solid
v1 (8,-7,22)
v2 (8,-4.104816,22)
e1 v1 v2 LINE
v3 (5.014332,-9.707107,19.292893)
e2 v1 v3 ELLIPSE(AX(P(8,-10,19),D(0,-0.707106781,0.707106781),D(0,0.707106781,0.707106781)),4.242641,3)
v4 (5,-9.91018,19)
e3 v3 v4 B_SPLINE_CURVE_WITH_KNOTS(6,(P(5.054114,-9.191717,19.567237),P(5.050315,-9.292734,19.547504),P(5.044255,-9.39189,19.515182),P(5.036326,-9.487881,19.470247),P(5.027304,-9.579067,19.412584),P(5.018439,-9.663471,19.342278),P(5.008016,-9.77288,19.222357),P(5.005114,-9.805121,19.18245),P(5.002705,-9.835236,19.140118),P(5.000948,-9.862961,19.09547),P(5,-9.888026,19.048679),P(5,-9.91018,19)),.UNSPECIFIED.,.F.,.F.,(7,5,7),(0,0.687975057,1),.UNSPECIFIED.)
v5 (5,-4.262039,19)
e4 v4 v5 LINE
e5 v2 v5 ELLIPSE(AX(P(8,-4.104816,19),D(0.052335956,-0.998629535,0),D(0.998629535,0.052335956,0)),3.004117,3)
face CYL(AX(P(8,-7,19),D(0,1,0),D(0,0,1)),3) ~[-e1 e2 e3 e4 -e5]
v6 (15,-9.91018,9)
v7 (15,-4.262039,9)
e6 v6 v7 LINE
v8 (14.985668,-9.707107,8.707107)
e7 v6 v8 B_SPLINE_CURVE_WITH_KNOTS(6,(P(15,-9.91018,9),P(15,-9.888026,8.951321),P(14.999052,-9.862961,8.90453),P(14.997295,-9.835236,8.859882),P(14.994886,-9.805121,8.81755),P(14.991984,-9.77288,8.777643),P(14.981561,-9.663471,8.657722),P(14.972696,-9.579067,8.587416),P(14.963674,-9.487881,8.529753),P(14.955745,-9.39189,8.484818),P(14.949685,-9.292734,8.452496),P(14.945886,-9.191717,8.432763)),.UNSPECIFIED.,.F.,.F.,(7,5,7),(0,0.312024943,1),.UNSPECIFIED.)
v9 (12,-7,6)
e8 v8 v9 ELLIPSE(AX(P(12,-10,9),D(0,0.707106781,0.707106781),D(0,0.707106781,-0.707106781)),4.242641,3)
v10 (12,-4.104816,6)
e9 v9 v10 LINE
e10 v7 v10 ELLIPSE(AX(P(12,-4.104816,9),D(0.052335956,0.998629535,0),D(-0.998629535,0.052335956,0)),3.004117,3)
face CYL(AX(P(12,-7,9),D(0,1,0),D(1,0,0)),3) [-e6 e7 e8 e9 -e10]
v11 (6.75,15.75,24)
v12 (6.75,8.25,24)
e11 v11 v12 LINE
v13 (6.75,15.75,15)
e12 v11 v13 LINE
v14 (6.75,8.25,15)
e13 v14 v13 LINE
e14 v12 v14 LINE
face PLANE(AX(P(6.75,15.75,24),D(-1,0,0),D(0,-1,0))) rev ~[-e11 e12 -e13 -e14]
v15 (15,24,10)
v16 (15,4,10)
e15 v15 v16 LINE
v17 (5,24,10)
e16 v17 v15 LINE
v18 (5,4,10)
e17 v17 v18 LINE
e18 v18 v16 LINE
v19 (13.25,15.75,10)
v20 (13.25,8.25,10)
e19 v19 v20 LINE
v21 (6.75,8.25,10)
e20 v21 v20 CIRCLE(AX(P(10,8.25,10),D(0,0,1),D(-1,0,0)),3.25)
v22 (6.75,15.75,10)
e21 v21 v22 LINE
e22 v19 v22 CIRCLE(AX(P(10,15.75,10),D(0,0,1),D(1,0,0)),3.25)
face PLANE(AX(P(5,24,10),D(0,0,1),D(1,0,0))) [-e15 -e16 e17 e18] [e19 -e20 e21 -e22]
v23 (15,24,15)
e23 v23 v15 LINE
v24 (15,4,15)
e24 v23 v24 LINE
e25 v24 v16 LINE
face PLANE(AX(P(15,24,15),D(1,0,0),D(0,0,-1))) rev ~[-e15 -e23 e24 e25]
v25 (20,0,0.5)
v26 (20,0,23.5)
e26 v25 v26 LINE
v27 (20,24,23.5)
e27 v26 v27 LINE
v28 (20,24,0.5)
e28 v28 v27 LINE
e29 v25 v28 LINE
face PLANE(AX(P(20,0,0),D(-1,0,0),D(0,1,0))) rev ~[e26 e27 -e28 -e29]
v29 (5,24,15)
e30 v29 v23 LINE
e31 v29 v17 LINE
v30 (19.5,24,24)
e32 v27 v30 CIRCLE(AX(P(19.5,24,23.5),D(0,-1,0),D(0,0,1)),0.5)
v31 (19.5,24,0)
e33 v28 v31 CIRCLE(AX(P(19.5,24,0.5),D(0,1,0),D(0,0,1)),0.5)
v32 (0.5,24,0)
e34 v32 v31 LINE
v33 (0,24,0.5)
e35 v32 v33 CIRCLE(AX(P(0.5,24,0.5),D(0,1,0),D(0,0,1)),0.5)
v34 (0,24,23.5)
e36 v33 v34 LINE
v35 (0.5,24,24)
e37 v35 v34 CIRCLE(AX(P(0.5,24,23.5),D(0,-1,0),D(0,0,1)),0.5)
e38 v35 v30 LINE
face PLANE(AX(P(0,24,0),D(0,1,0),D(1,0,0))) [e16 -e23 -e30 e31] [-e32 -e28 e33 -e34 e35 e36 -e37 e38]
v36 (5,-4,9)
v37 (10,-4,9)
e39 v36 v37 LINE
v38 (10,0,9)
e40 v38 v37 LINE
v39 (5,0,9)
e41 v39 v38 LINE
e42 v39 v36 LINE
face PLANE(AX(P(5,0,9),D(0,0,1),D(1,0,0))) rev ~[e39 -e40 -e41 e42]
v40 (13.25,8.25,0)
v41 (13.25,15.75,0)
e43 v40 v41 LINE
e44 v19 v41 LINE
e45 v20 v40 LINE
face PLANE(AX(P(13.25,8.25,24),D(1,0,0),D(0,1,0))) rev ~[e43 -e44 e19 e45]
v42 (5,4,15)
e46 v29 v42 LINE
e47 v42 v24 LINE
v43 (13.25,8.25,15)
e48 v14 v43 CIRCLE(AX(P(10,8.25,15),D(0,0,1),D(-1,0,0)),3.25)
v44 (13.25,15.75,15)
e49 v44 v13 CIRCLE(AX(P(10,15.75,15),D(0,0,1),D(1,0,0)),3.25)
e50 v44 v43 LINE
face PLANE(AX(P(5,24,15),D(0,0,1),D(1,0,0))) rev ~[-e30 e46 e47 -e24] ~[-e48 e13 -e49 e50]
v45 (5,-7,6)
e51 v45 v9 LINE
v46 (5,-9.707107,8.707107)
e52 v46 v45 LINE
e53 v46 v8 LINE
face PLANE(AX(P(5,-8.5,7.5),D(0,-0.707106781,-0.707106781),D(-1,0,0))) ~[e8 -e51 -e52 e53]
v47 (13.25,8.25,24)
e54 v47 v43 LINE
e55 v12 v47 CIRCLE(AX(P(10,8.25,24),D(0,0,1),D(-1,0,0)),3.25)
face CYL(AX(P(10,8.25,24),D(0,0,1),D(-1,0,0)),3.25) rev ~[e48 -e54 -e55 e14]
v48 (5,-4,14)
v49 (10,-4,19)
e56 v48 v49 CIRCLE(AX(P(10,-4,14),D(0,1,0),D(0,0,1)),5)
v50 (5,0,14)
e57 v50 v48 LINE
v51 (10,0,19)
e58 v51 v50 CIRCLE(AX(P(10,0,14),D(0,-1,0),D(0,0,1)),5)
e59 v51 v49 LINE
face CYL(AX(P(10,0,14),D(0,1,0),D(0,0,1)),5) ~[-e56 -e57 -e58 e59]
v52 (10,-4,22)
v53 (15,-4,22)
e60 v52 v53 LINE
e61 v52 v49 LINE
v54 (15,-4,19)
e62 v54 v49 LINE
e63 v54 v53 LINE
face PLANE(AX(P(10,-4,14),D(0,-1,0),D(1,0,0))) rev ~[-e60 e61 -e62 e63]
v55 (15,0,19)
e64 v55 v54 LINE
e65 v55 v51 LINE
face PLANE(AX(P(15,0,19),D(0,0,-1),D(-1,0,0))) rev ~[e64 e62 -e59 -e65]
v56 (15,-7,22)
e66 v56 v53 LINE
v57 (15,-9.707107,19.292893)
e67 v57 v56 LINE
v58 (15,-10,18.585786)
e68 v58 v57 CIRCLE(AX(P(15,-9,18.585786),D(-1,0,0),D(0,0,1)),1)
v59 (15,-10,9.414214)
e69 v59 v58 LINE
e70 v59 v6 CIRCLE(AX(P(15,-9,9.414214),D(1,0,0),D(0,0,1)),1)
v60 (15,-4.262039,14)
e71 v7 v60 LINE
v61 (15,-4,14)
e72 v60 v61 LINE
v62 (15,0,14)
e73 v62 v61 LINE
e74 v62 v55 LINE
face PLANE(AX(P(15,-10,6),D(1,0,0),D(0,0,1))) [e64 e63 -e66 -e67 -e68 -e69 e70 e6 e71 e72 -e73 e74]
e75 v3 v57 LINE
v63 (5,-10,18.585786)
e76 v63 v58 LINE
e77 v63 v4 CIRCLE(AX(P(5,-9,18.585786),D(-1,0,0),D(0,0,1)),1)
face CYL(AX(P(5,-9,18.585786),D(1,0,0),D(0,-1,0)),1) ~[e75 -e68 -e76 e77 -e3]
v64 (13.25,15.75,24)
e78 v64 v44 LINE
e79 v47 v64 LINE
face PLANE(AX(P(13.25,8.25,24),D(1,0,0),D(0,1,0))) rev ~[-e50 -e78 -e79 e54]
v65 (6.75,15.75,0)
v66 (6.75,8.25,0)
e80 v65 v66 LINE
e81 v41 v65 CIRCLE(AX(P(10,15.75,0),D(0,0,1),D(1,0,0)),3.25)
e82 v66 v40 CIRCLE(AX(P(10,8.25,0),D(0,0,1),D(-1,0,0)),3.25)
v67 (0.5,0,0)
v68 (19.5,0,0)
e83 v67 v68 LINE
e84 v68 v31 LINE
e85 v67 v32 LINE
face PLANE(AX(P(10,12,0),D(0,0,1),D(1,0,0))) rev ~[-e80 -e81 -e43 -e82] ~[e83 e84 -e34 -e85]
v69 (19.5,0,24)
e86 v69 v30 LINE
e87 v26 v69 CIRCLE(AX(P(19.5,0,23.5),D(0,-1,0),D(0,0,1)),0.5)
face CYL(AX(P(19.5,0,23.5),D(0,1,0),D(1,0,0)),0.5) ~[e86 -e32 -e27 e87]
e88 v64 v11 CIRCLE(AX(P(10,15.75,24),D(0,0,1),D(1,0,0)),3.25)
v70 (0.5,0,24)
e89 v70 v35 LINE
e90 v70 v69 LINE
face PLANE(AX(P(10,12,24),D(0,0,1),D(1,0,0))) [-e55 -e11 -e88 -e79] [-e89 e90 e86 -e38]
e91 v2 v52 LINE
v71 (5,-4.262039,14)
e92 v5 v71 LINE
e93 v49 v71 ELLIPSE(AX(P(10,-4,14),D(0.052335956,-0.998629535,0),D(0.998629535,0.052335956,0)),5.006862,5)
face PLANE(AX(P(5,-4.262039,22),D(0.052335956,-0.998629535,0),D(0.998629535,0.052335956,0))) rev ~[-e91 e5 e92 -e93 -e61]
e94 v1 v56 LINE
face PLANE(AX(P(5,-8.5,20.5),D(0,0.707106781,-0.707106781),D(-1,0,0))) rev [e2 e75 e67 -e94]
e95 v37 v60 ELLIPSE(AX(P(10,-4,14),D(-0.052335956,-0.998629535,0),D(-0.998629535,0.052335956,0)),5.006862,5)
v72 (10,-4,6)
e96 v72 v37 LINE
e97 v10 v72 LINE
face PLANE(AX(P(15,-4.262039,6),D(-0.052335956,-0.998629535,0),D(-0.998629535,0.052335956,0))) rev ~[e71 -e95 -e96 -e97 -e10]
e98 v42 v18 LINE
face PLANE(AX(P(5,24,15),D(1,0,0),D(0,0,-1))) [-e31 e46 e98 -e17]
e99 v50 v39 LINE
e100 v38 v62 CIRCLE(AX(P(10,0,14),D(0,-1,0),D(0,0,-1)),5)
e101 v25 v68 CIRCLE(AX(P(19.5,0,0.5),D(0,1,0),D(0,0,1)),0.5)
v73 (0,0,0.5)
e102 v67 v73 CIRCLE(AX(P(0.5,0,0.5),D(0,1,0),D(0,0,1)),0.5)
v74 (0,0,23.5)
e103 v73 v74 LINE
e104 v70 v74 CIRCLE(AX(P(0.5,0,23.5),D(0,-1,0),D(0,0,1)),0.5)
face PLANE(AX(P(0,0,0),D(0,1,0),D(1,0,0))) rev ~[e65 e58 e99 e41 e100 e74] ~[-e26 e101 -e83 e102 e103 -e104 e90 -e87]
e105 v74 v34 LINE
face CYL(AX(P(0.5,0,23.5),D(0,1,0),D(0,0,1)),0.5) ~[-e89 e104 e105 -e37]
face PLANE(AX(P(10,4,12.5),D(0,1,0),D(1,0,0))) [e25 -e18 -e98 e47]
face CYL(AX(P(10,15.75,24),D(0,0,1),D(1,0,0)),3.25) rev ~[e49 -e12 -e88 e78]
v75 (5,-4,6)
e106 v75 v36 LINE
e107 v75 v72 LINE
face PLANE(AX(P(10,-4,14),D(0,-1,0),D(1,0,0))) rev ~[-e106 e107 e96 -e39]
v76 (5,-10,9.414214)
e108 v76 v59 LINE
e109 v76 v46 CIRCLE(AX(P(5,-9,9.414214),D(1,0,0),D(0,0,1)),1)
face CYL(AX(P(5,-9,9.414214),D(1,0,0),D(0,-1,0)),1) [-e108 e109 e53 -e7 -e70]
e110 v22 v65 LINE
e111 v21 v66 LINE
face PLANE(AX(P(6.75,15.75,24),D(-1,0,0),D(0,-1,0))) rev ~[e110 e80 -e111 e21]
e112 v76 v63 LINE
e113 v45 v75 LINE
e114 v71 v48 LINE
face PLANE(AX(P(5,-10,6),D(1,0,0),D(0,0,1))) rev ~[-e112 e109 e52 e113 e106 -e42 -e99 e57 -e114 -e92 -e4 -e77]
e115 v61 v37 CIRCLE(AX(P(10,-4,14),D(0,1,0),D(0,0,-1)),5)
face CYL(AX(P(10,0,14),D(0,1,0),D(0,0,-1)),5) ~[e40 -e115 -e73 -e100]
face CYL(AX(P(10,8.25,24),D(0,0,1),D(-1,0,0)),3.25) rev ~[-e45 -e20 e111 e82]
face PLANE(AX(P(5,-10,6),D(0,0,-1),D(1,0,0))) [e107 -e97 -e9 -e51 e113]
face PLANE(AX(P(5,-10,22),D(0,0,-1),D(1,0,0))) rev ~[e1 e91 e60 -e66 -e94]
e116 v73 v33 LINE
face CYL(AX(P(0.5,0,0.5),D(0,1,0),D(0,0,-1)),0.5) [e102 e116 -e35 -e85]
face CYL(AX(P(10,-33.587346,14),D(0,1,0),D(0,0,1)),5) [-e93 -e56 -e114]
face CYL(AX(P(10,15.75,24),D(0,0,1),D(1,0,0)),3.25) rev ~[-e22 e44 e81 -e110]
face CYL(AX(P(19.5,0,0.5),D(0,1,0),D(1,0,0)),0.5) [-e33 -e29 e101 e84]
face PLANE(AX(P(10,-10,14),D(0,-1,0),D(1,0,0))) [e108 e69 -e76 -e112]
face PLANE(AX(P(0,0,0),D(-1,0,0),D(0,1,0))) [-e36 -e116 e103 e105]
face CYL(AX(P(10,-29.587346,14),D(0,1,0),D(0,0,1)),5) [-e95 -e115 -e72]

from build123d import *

# Parameters (mm, degrees)
SKETCH_1_W               = 20
SKETCH_1_H               = 24
EXTRUDE_1_DEPTH          = 24
CUT_EXTRUDE_1_DEPTH      = 24
SKETCH_3_W               = 10
SKETCH_3_H               = 5
CUT_EXTRUDE_2_DEPTH      = 20
EXTRUDE_2_DEPTH          = 10
SKETCH_5_W               = 10
SKETCH_5_H               = 16
EXTRUDE_3_DEPTH          = 6
FILLET_2_R               = 0.5
CHAMFER_3_SIZE           = 3
CHAMFER_4_SIZE           = 3
FILLET_3_R               = 1
CUT_EXTRUDE_3_REACH      = 24
CUT_EXTRUDE_3_END_RADIUS = 5
CUT_EXTRUDE_4_REACH      = 20
CUT_EXTRUDE_4_END_RADIUS = 5
FILLET_6_R               = 3
FILLET_7_R               = 3


with BuildPart() as part:
    # 草图1 → 拉伸1 (new body)
    with BuildSketch(Plane.XY):
        with Locations((10, 12)):
            Rectangle(SKETCH_1_W, SKETCH_1_H)
    extrude(amount=EXTRUDE_1_DEPTH)

    # 草图2 → 切除-拉伸1 (cut)
    with BuildSketch(Plane.XY.offset(24)):
        with BuildLine():
            Line((6.75, 15.75), (6.75, 8.25))
            ThreePointArc((6.75, 8.25), (10, 5), (13.25, 8.25))
            Line((13.25, 8.25), (13.25, 15.75))
            ThreePointArc((13.25, 15.75), (10, 19), (6.75, 15.75))
        make_face()
    extrude(amount=-CUT_EXTRUDE_1_DEPTH, mode=Mode.SUBTRACT)

    # 草图3 → 切除-拉伸2 (cut)
    with BuildSketch(Plane(origin=(0, 24, 0), x_dir=(1, 0, 0), z_dir=(0, 1, 0))):
        with Locations((10, -12.5)):
            Rectangle(SKETCH_3_W, SKETCH_3_H)
    extrude(amount=-CUT_EXTRUDE_2_DEPTH, mode=Mode.SUBTRACT)

    # 草图4 → 拉伸2 (add)
    with BuildSketch(Plane.XZ):
        with BuildLine():
            Line((15, 19), (10, 19))
            ThreePointArc((10, 19), (6.464466094, 17.535533906), (5, 14))
            Line((5, 14), (5, 9))
            Line((5, 9), (10, 9))
            ThreePointArc((10, 9), (13.535533906, 10.464466094), (15, 14))
            Line((15, 14), (15, 19))
        make_face()
    extrude(amount=EXTRUDE_2_DEPTH)

    # 草图5 → 拉伸3 (add)
    with BuildSketch(Plane.XZ.offset(10)):
        with Locations((10, 14)):
            Rectangle(SKETCH_5_W, SKETCH_5_H)
    extrude(amount=-EXTRUDE_3_DEPTH)

    # 圆角2
    fillet_2_edges = [part.edges().sort_by_distance(p)[0] for p in [
        (20, 12, 24),
        (0, 12, 24),
        (20, 12, 0),
        (0, 12, 0),
    ]]
    fillet(fillet_2_edges, radius=FILLET_2_R)

    # 倒角3
    chamfer_3_edges = [part.edges().sort_by_distance(p)[0] for p in [
        (10, -10, 22),
    ]]
    chamfer(chamfer_3_edges, length=CHAMFER_3_SIZE)

    # 倒角4
    chamfer_4_edges = [part.edges().sort_by_distance(p)[0] for p in [
        (10, -10, 6),
    ]]
    chamfer(chamfer_4_edges, length=CHAMFER_4_SIZE)

    # 圆角3
    fillet_3_edges = [part.edges().sort_by_distance(p)[0] for p in [
        (10, -10, 19),
        (10, -10, 9),
    ]]
    fillet(fillet_3_edges, radius=FILLET_3_R)

    # 切除-拉伸3: up to this cylinder (the profile starts outside it)
    cut_extrude_3_end = Plane(origin=(10, -4.087346, 14), z_dir=(0, 1, 0)) * Cylinder(CUT_EXTRUDE_3_END_RADIUS, 59, mode=Mode.PRIVATE)
    # 草图8 → 切除-拉伸3 (cut, up to the surface)
    with BuildSketch(Plane.XY.offset(22), mode=Mode.PRIVATE) as cut_extrude_3_sk1:
        Polygon((10, -4), (5, -4), (5, -4.262038896), align=None)
    cut_extrude_3_tool1 = extrude(cut_extrude_3_sk1.sketch, amount=-CUT_EXTRUDE_3_REACH, mode=Mode.PRIVATE) - cut_extrude_3_end
    add(cut_extrude_3_tool1.solids().sort_by_distance((6.666667, -4.087346, 22))[0], mode=Mode.SUBTRACT)

    # 切除-拉伸4: up to this cylinder (the profile starts outside it)
    cut_extrude_4_end = Plane(origin=(10, -4.087346, 14), z_dir=(0, 1, 0)) * Cylinder(CUT_EXTRUDE_4_END_RADIUS, 51, mode=Mode.PRIVATE)
    # 草图9 → 切除-拉伸4 (cut, up to the surface)
    with BuildSketch(Plane(origin=(0, 0, 6), x_dir=(-1, 0, 0), z_dir=(0, 0, -1)), mode=Mode.PRIVATE) as cut_extrude_4_sk1:
        Polygon((-10, -4), (-15, -4), (-15, -4.262038896), align=None)
    cut_extrude_4_tool1 = extrude(cut_extrude_4_sk1.sketch, amount=-CUT_EXTRUDE_4_REACH, mode=Mode.PRIVATE) - cut_extrude_4_end
    add(cut_extrude_4_tool1.solids().sort_by_distance((13.333333, -4.087346, 6))[0], mode=Mode.SUBTRACT)

    # 圆角6
    fillet_6_edges = [part.edges().sort_by_distance(p)[0] for p in [
        (15, -5.631019448, 6),
    ]]
    fillet(fillet_6_edges, radius=FILLET_6_R)

    # 圆角7
    fillet_7_edges = [part.edges().sort_by_distance(p)[0] for p in [
        (5, -5.631019448, 22),
    ]]
    fillet(fillet_7_edges, radius=FILLET_7_R)


solid = part.part
